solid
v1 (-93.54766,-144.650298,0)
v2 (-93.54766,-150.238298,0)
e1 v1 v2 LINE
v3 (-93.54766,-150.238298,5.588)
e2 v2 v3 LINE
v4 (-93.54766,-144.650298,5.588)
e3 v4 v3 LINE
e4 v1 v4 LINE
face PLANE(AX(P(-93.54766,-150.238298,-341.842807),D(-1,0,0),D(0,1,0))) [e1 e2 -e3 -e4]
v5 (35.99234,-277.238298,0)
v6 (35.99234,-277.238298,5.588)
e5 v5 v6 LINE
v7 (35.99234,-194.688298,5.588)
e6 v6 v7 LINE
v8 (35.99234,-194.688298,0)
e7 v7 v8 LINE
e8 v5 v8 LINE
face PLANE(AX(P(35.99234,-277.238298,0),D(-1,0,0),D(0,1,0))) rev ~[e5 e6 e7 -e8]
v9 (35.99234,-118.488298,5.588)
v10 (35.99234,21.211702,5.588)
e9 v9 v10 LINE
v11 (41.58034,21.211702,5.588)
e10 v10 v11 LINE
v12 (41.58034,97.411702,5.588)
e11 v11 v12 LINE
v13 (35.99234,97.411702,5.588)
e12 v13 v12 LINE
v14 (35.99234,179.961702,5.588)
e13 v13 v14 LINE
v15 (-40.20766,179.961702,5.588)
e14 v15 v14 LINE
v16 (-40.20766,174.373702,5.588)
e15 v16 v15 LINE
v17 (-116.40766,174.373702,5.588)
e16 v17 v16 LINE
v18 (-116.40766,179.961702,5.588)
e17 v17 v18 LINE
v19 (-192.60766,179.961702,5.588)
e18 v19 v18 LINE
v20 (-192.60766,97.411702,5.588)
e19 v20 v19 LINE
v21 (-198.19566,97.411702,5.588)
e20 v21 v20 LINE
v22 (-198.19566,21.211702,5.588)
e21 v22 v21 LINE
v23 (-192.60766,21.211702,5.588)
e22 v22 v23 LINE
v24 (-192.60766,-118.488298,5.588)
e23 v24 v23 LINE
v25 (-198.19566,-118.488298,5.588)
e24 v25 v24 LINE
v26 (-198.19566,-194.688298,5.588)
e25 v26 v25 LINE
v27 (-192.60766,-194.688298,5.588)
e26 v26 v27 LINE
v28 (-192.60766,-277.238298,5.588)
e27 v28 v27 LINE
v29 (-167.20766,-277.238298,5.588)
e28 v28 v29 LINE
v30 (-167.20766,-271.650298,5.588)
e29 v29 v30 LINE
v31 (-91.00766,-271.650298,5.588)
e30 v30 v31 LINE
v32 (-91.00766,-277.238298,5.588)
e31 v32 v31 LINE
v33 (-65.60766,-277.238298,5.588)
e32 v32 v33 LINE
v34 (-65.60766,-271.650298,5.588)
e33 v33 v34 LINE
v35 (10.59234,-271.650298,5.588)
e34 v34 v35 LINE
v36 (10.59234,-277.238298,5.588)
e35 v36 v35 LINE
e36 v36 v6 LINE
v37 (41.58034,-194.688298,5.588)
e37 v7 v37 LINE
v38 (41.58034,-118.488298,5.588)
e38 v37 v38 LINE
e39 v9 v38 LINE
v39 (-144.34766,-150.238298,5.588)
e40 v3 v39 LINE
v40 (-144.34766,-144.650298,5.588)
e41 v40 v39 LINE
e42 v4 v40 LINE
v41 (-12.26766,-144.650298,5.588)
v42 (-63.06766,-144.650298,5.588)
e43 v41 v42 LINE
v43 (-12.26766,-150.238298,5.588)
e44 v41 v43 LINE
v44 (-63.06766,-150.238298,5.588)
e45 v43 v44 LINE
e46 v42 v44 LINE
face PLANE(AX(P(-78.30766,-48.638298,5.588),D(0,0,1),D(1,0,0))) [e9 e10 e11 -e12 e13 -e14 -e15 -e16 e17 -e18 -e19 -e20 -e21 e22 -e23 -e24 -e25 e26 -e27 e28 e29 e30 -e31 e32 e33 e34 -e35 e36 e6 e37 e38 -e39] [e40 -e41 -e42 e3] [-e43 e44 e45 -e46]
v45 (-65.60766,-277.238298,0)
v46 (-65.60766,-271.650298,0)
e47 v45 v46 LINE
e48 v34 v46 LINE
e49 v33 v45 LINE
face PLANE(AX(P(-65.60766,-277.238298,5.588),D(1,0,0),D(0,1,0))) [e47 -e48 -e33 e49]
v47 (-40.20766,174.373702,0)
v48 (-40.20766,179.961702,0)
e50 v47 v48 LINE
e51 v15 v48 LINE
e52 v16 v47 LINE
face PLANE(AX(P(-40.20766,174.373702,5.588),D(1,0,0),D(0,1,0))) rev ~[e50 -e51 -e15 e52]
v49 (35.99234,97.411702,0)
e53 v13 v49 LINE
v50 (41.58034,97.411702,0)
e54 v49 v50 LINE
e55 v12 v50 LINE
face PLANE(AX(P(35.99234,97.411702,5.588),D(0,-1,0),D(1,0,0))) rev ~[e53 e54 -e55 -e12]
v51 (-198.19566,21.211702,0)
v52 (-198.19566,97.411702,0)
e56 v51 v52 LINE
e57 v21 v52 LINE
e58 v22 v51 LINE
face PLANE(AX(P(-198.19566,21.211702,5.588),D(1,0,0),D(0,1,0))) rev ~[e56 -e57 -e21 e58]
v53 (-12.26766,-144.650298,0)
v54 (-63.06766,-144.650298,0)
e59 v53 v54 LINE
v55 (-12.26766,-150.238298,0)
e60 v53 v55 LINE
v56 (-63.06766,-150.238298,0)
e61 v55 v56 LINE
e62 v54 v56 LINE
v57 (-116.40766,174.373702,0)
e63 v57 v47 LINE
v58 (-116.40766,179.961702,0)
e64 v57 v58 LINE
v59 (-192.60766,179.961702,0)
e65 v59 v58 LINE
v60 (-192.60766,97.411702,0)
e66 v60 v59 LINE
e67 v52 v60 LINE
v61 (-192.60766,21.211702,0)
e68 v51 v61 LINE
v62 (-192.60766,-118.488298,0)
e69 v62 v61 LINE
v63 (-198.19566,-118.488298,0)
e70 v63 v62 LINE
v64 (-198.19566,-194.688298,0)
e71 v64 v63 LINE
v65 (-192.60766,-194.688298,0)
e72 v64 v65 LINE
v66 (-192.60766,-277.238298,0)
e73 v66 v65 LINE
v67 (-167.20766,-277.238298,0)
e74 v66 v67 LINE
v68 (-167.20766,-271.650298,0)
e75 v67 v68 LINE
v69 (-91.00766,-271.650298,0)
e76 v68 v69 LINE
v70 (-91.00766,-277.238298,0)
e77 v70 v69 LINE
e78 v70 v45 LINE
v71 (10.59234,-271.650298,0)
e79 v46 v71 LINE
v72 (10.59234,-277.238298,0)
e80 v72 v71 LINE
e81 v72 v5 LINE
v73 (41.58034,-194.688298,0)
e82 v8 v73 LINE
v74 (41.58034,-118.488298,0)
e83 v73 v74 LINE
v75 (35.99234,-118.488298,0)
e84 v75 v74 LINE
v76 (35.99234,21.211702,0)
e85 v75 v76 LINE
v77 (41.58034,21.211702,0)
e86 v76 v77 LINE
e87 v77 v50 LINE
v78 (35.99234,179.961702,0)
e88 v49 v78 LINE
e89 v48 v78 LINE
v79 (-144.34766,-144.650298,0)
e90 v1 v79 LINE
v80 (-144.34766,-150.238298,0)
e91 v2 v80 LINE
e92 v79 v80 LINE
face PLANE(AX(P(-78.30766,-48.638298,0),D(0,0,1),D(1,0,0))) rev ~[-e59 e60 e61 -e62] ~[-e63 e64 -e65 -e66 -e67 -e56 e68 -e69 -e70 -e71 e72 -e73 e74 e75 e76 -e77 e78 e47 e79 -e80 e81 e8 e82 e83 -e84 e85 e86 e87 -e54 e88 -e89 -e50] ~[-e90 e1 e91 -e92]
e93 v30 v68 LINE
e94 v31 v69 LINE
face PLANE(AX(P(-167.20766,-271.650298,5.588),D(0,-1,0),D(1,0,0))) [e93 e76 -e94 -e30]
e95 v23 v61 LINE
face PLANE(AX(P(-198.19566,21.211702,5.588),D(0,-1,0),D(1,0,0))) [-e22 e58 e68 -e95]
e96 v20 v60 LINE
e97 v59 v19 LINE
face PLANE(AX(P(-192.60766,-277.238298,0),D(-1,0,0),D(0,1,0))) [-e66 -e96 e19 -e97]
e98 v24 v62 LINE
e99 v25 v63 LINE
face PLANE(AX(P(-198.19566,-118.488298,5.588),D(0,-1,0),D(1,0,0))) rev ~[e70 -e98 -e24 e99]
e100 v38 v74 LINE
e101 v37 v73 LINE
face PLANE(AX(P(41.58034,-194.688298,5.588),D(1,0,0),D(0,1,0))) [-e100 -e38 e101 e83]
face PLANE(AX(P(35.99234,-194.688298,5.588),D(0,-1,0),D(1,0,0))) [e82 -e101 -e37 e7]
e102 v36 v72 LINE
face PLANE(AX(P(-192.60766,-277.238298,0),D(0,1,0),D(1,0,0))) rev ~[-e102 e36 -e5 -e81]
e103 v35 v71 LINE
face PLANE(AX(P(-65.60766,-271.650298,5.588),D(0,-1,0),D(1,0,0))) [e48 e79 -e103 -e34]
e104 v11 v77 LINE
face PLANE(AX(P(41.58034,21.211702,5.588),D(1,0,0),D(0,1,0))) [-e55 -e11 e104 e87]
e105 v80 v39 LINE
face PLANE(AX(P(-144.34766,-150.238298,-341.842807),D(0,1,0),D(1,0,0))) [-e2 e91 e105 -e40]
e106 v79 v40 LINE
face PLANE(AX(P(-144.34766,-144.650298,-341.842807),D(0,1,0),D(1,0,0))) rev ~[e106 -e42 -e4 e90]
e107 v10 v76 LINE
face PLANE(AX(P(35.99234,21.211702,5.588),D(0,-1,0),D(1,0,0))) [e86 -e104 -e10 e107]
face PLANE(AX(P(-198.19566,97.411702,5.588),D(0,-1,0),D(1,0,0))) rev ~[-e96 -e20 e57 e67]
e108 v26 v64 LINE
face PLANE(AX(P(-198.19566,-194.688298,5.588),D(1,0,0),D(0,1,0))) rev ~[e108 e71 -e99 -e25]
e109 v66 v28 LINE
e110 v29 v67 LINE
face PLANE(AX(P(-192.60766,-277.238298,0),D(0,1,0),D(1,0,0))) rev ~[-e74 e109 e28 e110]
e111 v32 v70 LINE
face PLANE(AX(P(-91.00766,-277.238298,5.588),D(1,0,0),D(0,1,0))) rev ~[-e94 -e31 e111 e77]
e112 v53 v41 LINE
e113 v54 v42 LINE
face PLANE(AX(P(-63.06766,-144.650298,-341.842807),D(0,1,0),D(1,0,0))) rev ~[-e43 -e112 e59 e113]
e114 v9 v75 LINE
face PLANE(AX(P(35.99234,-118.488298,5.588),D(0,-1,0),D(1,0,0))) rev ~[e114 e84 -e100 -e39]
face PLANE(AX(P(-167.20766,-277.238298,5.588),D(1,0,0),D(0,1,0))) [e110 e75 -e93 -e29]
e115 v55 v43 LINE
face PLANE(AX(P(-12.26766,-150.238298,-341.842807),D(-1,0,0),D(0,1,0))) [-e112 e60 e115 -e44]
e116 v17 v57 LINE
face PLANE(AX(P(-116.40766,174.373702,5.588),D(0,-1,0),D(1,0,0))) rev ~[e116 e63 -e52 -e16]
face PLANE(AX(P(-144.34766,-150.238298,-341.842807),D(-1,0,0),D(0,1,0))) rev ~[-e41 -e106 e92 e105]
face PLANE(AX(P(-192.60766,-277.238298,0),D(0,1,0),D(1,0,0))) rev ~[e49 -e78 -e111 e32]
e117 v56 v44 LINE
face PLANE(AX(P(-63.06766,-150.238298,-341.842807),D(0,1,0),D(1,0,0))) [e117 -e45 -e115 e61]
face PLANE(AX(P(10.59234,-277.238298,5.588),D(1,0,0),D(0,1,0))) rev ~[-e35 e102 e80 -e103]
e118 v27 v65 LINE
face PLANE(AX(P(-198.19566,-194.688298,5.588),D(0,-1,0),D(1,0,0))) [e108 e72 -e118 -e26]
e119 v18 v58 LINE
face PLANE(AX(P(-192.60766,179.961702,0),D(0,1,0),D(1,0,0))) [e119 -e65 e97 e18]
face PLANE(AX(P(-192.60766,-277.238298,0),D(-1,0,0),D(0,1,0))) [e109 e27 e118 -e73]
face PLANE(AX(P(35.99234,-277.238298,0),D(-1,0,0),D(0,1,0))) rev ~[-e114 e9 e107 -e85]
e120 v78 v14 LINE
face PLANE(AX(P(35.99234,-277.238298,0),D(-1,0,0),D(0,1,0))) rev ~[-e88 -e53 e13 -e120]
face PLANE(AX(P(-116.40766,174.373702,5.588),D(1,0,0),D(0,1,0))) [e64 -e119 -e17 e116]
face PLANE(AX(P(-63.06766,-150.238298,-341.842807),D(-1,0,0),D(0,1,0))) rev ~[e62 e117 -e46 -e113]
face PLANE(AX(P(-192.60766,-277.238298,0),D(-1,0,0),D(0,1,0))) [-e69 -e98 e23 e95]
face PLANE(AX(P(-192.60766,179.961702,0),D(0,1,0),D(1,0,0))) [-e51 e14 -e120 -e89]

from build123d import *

# Parameters (mm, degrees)
SKETCH1_W               = 228.6
SKETCH1_H               = 457.2
BOSS_EXTRUDE1_DEPTH     = 5.588
SKETCH2_W               = 5.588
SKETCH2_H               = 76.2
BOSS_EXTRUDE4_DEPTH     = 5.588
SKETCH3_W               = 76.2
SKETCH3_H               = 5.588
CUT_EXTRUDE1_DEPTH      = 5.588
CUT_EXTRUDE5_DEPTH      = 341.842806914
CUT_EXTRUDE5_DEPTH_BACK = 341.842806914
SKETCH4_W               = 50.8
SKETCH4_H               = 5.588


with BuildPart() as part:
    # Sketch1 → Boss-Extrude1 (new body)
    with BuildSketch(Plane.XY):
        with Locations((-78.307659574, -48.638297872)):
            Rectangle(SKETCH1_W, SKETCH1_H)
    extrude(amount=BOSS_EXTRUDE1_DEPTH)

    # Sketch2 → Boss-Extrude4 (add, through all)
    with BuildSketch(Plane.XY.offset(5.588)):
        with Locations((-195.401659574, 59.311702128)):
            Rectangle(SKETCH2_W, SKETCH2_H)
        with Locations((-195.401659574, -156.588297872)):
            Rectangle(SKETCH2_W, SKETCH2_H)
        with Locations((38.786340426, -156.588297872)):
            Rectangle(SKETCH2_W, SKETCH2_H)
        with Locations((38.786340426, 59.311702128)):
            Rectangle(SKETCH2_W, SKETCH2_H)
    extrude(amount=-BOSS_EXTRUDE4_DEPTH)

    # Sketch3 → Cut-Extrude1 (cut)
    with BuildSketch(Plane.XY.offset(5.588)):
        with Locations((-129.107659574, -274.444297872)):
            Rectangle(SKETCH3_W, SKETCH3_H)
        with Locations((-27.507659574, -274.444297872)):
            Rectangle(SKETCH3_W, SKETCH3_H)
        with Locations((-78.307659574, 177.167702128)):
            Rectangle(SKETCH3_W, SKETCH3_H)
    extrude(amount=-CUT_EXTRUDE1_DEPTH, mode=Mode.SUBTRACT)

    # Sketch4 → Cut-Extrude5 (cut, two sides: drawn at the far end of the back side and taken through both)
    with BuildSketch(Plane.XY.offset(-CUT_EXTRUDE5_DEPTH_BACK)):
        with Locations((-118.947659574, -147.444297872)):
            Rectangle(SKETCH4_W, SKETCH4_H)
        with Locations((-37.667659574, -147.444297872)):
            Rectangle(SKETCH4_W, SKETCH4_H)
    extrude(amount=CUT_EXTRUDE5_DEPTH + CUT_EXTRUDE5_DEPTH_BACK, mode=Mode.SUBTRACT)


solid = part.part
